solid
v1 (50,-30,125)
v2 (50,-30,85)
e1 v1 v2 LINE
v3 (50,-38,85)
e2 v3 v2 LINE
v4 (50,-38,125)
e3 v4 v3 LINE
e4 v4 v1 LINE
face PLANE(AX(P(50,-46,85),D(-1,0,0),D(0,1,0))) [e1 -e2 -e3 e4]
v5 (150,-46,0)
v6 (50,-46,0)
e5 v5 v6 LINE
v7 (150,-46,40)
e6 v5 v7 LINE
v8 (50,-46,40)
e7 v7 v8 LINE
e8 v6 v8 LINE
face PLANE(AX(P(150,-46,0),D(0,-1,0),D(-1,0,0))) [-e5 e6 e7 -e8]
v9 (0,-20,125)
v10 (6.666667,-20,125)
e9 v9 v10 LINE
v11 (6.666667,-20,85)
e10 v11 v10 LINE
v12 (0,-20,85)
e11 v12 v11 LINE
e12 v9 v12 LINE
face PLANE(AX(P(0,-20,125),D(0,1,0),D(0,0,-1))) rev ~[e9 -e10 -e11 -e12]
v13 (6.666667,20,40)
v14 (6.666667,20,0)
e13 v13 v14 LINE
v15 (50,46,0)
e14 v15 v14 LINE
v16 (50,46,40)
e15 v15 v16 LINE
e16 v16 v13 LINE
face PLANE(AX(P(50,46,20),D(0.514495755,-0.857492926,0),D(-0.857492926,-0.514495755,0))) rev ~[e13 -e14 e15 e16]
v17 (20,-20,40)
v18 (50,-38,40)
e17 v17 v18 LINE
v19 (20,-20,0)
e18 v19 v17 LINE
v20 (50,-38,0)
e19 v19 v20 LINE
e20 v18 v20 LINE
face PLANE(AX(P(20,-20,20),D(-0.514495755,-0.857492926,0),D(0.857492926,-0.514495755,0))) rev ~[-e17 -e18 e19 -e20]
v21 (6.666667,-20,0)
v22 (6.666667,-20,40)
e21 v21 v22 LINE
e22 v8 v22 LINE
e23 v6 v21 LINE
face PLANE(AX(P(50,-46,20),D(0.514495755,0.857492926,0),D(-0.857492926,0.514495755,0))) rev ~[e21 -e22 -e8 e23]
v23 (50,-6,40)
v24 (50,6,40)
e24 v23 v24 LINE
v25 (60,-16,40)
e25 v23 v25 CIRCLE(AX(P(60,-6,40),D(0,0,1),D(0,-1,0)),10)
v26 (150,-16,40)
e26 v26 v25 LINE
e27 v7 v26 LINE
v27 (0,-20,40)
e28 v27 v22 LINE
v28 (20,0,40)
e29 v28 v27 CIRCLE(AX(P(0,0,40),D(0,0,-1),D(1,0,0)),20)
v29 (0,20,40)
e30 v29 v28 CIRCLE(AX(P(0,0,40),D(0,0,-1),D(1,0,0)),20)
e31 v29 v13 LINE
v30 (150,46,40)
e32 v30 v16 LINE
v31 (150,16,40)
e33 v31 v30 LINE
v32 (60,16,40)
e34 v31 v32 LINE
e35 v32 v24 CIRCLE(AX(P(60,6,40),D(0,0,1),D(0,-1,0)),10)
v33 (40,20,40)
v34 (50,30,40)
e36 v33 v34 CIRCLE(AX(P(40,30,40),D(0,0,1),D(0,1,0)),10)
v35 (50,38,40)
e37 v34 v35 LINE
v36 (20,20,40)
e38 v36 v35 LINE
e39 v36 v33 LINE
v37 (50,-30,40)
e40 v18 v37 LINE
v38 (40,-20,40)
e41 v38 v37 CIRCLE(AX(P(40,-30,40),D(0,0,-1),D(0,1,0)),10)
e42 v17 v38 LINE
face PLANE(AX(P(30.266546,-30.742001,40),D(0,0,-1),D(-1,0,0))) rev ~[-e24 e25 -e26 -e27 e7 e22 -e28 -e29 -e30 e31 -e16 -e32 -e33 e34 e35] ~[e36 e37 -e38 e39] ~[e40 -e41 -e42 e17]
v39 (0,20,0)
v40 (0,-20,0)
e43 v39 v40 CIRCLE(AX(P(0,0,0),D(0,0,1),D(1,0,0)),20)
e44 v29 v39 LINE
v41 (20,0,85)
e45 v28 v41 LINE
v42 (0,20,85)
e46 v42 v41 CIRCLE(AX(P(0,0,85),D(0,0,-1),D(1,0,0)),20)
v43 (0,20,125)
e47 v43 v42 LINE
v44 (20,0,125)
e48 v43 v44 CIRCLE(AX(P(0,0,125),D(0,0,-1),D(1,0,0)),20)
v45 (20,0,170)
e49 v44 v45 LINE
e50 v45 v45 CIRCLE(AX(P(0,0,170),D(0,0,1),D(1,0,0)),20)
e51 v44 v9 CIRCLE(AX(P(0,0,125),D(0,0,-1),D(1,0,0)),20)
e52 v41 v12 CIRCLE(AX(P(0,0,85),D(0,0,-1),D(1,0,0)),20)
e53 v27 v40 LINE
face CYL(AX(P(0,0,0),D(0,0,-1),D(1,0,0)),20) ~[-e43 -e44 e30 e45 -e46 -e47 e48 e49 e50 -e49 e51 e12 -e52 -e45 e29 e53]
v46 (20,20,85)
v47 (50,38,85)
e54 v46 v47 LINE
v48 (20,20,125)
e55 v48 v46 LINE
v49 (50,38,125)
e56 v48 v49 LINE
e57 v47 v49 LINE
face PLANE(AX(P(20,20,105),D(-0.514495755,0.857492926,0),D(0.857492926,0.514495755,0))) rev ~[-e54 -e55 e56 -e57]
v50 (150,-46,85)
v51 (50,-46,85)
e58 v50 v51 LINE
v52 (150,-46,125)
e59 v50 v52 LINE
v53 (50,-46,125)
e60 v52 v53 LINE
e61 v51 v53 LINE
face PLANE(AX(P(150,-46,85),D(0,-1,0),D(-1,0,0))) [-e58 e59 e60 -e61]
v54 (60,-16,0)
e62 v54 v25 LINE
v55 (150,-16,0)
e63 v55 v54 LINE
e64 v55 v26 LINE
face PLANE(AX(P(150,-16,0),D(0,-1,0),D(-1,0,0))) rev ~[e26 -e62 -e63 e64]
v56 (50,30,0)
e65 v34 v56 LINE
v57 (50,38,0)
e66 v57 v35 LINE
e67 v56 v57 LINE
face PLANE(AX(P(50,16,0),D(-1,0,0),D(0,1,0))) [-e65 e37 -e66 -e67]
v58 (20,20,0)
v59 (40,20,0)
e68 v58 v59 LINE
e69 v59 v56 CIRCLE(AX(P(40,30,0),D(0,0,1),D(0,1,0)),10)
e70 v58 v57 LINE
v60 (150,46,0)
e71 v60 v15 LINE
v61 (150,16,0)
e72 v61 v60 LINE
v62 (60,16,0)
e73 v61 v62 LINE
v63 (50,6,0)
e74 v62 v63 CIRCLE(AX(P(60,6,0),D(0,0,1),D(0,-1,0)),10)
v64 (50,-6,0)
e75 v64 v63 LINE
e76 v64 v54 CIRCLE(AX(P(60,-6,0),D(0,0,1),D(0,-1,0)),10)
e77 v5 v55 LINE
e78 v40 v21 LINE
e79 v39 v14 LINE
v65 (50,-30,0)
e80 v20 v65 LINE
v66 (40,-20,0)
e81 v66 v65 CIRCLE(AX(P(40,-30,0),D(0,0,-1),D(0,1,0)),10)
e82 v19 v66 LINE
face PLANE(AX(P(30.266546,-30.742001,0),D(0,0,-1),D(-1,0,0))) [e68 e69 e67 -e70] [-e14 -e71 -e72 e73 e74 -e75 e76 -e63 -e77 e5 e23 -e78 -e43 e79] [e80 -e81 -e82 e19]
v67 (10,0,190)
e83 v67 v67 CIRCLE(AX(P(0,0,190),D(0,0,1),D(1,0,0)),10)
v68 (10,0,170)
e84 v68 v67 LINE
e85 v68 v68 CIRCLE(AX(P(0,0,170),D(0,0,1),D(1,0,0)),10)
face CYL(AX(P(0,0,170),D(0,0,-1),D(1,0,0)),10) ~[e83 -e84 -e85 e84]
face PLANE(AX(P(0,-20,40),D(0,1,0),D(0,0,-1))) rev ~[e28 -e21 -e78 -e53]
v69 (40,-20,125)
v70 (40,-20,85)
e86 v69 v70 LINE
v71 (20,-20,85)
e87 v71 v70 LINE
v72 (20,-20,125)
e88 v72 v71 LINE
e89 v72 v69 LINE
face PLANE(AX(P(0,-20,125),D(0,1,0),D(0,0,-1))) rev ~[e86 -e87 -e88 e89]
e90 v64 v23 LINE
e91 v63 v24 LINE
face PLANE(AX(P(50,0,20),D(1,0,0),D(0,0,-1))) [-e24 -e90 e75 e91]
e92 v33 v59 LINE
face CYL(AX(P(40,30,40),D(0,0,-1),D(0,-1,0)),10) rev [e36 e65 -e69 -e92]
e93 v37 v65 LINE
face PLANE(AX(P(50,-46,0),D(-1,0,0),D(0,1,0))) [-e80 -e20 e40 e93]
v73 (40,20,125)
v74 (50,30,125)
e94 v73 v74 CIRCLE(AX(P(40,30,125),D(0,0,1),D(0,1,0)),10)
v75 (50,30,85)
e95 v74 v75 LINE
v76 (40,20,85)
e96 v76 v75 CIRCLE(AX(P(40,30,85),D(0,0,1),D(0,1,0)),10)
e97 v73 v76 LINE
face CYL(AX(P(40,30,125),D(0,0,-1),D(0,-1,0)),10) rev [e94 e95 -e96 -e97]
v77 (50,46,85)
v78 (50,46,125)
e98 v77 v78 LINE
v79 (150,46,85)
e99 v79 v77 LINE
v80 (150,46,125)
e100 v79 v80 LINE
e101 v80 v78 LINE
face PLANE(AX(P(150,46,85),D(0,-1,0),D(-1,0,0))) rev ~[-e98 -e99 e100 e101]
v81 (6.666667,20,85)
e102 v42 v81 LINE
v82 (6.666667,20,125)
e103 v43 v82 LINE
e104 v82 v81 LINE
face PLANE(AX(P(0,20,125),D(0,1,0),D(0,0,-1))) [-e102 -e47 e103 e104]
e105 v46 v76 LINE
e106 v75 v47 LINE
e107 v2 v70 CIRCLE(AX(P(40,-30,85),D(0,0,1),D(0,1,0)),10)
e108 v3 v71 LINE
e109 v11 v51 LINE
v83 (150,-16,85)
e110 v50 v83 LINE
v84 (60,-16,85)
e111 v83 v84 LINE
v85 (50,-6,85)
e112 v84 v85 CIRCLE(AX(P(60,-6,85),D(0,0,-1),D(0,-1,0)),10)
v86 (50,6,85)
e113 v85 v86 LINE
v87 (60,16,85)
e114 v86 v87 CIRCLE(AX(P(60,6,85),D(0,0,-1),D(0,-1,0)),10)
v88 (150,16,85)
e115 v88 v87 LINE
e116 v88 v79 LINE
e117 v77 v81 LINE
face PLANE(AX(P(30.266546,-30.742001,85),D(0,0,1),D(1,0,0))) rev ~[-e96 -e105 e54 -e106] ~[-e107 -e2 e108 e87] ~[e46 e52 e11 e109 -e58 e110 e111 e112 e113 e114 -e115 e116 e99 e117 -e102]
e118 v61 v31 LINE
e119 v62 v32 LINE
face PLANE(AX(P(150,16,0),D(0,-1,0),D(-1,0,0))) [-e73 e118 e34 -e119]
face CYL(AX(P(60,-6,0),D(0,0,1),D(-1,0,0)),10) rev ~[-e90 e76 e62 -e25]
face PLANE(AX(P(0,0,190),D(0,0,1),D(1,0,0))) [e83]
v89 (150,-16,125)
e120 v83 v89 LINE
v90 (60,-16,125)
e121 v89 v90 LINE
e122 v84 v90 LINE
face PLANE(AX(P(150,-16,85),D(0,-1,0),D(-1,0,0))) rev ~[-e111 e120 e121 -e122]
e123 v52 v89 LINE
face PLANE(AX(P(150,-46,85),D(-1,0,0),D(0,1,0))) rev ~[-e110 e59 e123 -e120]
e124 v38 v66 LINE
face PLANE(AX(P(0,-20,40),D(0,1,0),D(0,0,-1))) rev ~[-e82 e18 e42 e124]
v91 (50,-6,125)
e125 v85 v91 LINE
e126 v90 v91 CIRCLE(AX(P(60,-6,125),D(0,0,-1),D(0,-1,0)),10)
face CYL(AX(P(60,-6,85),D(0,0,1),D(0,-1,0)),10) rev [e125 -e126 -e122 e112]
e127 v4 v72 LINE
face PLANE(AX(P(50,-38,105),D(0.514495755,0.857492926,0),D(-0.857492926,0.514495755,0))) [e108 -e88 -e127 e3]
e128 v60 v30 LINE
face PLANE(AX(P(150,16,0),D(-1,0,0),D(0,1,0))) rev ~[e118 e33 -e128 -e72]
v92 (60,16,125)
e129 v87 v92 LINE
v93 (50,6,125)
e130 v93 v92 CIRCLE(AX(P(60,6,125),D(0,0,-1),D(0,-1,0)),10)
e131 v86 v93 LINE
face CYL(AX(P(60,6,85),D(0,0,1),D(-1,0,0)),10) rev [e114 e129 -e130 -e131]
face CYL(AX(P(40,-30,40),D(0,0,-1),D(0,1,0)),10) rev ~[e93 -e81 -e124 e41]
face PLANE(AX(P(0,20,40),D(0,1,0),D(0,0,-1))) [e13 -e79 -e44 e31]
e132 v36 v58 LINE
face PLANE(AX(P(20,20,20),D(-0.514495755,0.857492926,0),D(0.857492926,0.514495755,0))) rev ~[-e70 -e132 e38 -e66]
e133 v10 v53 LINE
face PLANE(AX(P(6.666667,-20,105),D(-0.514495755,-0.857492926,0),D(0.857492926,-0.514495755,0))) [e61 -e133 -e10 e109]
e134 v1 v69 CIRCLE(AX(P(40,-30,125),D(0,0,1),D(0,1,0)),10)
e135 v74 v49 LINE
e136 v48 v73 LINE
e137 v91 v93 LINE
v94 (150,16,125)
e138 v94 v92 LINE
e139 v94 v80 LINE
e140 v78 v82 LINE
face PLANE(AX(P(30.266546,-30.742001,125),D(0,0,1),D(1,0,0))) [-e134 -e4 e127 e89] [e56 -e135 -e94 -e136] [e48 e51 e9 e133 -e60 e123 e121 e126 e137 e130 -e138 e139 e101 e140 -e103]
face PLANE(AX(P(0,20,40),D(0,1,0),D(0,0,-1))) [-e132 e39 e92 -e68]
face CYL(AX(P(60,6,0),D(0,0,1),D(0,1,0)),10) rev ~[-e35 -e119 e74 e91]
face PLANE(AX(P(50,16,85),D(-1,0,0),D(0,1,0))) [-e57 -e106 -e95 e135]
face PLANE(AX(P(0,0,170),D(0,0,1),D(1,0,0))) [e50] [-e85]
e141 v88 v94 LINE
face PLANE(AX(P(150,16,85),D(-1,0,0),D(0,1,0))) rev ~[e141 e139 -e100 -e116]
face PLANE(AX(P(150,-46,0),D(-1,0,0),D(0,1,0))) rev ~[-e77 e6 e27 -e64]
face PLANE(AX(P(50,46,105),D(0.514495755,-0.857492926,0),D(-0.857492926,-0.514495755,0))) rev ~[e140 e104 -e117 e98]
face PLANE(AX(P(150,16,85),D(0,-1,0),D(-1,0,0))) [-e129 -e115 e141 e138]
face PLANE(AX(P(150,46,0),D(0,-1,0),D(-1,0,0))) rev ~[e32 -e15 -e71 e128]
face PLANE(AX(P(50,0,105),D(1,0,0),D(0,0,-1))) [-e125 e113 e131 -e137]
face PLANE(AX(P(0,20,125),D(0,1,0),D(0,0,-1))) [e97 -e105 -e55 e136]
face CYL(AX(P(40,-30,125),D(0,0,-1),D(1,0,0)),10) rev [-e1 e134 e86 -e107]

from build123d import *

# Parameters (mm, degrees)
SKETCH_1_R      = 20
EXTRUDE_1_DEPTH = 170
SKETCH_2_W      = 40
SKETCH_2_H      = 40
EXTRUDE_2_DEPTH = 50
SKETCH_3_W      = 100
SKETCH_3_H      = 30
EXTRUDE_3_DEPTH = 40
SKETCH_4_W      = 100
SKETCH_4_H      = 30
EXTRUDE_4_DEPTH = 40
FILLET_1_R      = 10
EXTRUDE_6_DEPTH = 20
EXTRUDE_7_DEPTH = 20
SKETCH_10_R     = 10
EXTRUDE_8_DEPTH = 20


with BuildPart() as part:
    # 스케치1 → 보스-돌출1 (new body)
    with BuildSketch(Plane.XY):
        Circle(SKETCH_1_R)
    extrude(amount=EXTRUDE_1_DEPTH)

    # 스케치2 → 보스-돌출2 (add)
    with BuildSketch(Plane(origin=(0, 0, 0), x_dir=(0, 0, -1), z_dir=(1, 0, 0))):
        with Locations((-20, 0)):
            Rectangle(SKETCH_2_W, SKETCH_2_H)
        with Locations((-105, 0)):
            Rectangle(SKETCH_2_W, SKETCH_2_H)
    extrude(amount=EXTRUDE_2_DEPTH)

    # 스케치3 → 보스-돌출3 (add)
    with BuildSketch(Plane(origin=(0, 0, 0), x_dir=(-1, 0, 0), z_dir=(0, 0, -1))):
        with Locations((-100, -31)):
            Rectangle(SKETCH_3_W, SKETCH_3_H)
        with Locations((-100, 31)):
            Rectangle(SKETCH_3_W, SKETCH_3_H)
    extrude(amount=-EXTRUDE_3_DEPTH)

    # 스케치4 → 보스-돌출4 (add)
    with BuildSketch(Plane(origin=(0, 0, 85), x_dir=(-1, 0, 0), z_dir=(0, 0, -1))):
        with Locations((-100, -31)):
            Rectangle(SKETCH_4_W, SKETCH_4_H)
        with Locations((-100, 31)):
            Rectangle(SKETCH_4_W, SKETCH_4_H)
    extrude(amount=-EXTRUDE_4_DEPTH)

    # 필렛1
    fillet_1_edges = [part.edges().sort_by_distance(p)[0] for p in [
        (50, -20, 20),
        (50, 20, 105),
        (50, -20, 105),
        (50, -16, 20),
        (50, 16, 20),
        (50, -16, 105),
        (50, 16, 105),
        (50, 20, 20),
    ]]
    fillet(fillet_1_edges, radius=FILLET_1_R)

    # 스케치11 → 보스-돌출6 (add, symmetric)
    with BuildSketch(Plane.XY.offset(20)):
        Polygon((20, 20), (50, 38), (50, 46), (6.666666667, 20), align=None)
        Polygon((20, -20), (50, -38), (50, -46), (6.666666667, -20), align=None)
    extrude(amount=EXTRUDE_6_DEPTH, both=True)

    # 스케치13 → 보스-돌출7 (add, symmetric)
    with BuildSketch(Plane.XY.offset(105)):
        Polygon((20, 20), (50, 38), (50, 46), (6.666666667, 20), align=None)
        Polygon((20, -20), (6.666666667, -20), (50, -46), (50, -38), align=None)
    extrude(amount=EXTRUDE_7_DEPTH, both=True)

    # 스케치10 → 보스-돌출8 (add)
    with BuildSketch(Plane.XY.offset(170)):
        Circle(SKETCH_10_R)
    extrude(amount=EXTRUDE_8_DEPTH)


solid = part.part
